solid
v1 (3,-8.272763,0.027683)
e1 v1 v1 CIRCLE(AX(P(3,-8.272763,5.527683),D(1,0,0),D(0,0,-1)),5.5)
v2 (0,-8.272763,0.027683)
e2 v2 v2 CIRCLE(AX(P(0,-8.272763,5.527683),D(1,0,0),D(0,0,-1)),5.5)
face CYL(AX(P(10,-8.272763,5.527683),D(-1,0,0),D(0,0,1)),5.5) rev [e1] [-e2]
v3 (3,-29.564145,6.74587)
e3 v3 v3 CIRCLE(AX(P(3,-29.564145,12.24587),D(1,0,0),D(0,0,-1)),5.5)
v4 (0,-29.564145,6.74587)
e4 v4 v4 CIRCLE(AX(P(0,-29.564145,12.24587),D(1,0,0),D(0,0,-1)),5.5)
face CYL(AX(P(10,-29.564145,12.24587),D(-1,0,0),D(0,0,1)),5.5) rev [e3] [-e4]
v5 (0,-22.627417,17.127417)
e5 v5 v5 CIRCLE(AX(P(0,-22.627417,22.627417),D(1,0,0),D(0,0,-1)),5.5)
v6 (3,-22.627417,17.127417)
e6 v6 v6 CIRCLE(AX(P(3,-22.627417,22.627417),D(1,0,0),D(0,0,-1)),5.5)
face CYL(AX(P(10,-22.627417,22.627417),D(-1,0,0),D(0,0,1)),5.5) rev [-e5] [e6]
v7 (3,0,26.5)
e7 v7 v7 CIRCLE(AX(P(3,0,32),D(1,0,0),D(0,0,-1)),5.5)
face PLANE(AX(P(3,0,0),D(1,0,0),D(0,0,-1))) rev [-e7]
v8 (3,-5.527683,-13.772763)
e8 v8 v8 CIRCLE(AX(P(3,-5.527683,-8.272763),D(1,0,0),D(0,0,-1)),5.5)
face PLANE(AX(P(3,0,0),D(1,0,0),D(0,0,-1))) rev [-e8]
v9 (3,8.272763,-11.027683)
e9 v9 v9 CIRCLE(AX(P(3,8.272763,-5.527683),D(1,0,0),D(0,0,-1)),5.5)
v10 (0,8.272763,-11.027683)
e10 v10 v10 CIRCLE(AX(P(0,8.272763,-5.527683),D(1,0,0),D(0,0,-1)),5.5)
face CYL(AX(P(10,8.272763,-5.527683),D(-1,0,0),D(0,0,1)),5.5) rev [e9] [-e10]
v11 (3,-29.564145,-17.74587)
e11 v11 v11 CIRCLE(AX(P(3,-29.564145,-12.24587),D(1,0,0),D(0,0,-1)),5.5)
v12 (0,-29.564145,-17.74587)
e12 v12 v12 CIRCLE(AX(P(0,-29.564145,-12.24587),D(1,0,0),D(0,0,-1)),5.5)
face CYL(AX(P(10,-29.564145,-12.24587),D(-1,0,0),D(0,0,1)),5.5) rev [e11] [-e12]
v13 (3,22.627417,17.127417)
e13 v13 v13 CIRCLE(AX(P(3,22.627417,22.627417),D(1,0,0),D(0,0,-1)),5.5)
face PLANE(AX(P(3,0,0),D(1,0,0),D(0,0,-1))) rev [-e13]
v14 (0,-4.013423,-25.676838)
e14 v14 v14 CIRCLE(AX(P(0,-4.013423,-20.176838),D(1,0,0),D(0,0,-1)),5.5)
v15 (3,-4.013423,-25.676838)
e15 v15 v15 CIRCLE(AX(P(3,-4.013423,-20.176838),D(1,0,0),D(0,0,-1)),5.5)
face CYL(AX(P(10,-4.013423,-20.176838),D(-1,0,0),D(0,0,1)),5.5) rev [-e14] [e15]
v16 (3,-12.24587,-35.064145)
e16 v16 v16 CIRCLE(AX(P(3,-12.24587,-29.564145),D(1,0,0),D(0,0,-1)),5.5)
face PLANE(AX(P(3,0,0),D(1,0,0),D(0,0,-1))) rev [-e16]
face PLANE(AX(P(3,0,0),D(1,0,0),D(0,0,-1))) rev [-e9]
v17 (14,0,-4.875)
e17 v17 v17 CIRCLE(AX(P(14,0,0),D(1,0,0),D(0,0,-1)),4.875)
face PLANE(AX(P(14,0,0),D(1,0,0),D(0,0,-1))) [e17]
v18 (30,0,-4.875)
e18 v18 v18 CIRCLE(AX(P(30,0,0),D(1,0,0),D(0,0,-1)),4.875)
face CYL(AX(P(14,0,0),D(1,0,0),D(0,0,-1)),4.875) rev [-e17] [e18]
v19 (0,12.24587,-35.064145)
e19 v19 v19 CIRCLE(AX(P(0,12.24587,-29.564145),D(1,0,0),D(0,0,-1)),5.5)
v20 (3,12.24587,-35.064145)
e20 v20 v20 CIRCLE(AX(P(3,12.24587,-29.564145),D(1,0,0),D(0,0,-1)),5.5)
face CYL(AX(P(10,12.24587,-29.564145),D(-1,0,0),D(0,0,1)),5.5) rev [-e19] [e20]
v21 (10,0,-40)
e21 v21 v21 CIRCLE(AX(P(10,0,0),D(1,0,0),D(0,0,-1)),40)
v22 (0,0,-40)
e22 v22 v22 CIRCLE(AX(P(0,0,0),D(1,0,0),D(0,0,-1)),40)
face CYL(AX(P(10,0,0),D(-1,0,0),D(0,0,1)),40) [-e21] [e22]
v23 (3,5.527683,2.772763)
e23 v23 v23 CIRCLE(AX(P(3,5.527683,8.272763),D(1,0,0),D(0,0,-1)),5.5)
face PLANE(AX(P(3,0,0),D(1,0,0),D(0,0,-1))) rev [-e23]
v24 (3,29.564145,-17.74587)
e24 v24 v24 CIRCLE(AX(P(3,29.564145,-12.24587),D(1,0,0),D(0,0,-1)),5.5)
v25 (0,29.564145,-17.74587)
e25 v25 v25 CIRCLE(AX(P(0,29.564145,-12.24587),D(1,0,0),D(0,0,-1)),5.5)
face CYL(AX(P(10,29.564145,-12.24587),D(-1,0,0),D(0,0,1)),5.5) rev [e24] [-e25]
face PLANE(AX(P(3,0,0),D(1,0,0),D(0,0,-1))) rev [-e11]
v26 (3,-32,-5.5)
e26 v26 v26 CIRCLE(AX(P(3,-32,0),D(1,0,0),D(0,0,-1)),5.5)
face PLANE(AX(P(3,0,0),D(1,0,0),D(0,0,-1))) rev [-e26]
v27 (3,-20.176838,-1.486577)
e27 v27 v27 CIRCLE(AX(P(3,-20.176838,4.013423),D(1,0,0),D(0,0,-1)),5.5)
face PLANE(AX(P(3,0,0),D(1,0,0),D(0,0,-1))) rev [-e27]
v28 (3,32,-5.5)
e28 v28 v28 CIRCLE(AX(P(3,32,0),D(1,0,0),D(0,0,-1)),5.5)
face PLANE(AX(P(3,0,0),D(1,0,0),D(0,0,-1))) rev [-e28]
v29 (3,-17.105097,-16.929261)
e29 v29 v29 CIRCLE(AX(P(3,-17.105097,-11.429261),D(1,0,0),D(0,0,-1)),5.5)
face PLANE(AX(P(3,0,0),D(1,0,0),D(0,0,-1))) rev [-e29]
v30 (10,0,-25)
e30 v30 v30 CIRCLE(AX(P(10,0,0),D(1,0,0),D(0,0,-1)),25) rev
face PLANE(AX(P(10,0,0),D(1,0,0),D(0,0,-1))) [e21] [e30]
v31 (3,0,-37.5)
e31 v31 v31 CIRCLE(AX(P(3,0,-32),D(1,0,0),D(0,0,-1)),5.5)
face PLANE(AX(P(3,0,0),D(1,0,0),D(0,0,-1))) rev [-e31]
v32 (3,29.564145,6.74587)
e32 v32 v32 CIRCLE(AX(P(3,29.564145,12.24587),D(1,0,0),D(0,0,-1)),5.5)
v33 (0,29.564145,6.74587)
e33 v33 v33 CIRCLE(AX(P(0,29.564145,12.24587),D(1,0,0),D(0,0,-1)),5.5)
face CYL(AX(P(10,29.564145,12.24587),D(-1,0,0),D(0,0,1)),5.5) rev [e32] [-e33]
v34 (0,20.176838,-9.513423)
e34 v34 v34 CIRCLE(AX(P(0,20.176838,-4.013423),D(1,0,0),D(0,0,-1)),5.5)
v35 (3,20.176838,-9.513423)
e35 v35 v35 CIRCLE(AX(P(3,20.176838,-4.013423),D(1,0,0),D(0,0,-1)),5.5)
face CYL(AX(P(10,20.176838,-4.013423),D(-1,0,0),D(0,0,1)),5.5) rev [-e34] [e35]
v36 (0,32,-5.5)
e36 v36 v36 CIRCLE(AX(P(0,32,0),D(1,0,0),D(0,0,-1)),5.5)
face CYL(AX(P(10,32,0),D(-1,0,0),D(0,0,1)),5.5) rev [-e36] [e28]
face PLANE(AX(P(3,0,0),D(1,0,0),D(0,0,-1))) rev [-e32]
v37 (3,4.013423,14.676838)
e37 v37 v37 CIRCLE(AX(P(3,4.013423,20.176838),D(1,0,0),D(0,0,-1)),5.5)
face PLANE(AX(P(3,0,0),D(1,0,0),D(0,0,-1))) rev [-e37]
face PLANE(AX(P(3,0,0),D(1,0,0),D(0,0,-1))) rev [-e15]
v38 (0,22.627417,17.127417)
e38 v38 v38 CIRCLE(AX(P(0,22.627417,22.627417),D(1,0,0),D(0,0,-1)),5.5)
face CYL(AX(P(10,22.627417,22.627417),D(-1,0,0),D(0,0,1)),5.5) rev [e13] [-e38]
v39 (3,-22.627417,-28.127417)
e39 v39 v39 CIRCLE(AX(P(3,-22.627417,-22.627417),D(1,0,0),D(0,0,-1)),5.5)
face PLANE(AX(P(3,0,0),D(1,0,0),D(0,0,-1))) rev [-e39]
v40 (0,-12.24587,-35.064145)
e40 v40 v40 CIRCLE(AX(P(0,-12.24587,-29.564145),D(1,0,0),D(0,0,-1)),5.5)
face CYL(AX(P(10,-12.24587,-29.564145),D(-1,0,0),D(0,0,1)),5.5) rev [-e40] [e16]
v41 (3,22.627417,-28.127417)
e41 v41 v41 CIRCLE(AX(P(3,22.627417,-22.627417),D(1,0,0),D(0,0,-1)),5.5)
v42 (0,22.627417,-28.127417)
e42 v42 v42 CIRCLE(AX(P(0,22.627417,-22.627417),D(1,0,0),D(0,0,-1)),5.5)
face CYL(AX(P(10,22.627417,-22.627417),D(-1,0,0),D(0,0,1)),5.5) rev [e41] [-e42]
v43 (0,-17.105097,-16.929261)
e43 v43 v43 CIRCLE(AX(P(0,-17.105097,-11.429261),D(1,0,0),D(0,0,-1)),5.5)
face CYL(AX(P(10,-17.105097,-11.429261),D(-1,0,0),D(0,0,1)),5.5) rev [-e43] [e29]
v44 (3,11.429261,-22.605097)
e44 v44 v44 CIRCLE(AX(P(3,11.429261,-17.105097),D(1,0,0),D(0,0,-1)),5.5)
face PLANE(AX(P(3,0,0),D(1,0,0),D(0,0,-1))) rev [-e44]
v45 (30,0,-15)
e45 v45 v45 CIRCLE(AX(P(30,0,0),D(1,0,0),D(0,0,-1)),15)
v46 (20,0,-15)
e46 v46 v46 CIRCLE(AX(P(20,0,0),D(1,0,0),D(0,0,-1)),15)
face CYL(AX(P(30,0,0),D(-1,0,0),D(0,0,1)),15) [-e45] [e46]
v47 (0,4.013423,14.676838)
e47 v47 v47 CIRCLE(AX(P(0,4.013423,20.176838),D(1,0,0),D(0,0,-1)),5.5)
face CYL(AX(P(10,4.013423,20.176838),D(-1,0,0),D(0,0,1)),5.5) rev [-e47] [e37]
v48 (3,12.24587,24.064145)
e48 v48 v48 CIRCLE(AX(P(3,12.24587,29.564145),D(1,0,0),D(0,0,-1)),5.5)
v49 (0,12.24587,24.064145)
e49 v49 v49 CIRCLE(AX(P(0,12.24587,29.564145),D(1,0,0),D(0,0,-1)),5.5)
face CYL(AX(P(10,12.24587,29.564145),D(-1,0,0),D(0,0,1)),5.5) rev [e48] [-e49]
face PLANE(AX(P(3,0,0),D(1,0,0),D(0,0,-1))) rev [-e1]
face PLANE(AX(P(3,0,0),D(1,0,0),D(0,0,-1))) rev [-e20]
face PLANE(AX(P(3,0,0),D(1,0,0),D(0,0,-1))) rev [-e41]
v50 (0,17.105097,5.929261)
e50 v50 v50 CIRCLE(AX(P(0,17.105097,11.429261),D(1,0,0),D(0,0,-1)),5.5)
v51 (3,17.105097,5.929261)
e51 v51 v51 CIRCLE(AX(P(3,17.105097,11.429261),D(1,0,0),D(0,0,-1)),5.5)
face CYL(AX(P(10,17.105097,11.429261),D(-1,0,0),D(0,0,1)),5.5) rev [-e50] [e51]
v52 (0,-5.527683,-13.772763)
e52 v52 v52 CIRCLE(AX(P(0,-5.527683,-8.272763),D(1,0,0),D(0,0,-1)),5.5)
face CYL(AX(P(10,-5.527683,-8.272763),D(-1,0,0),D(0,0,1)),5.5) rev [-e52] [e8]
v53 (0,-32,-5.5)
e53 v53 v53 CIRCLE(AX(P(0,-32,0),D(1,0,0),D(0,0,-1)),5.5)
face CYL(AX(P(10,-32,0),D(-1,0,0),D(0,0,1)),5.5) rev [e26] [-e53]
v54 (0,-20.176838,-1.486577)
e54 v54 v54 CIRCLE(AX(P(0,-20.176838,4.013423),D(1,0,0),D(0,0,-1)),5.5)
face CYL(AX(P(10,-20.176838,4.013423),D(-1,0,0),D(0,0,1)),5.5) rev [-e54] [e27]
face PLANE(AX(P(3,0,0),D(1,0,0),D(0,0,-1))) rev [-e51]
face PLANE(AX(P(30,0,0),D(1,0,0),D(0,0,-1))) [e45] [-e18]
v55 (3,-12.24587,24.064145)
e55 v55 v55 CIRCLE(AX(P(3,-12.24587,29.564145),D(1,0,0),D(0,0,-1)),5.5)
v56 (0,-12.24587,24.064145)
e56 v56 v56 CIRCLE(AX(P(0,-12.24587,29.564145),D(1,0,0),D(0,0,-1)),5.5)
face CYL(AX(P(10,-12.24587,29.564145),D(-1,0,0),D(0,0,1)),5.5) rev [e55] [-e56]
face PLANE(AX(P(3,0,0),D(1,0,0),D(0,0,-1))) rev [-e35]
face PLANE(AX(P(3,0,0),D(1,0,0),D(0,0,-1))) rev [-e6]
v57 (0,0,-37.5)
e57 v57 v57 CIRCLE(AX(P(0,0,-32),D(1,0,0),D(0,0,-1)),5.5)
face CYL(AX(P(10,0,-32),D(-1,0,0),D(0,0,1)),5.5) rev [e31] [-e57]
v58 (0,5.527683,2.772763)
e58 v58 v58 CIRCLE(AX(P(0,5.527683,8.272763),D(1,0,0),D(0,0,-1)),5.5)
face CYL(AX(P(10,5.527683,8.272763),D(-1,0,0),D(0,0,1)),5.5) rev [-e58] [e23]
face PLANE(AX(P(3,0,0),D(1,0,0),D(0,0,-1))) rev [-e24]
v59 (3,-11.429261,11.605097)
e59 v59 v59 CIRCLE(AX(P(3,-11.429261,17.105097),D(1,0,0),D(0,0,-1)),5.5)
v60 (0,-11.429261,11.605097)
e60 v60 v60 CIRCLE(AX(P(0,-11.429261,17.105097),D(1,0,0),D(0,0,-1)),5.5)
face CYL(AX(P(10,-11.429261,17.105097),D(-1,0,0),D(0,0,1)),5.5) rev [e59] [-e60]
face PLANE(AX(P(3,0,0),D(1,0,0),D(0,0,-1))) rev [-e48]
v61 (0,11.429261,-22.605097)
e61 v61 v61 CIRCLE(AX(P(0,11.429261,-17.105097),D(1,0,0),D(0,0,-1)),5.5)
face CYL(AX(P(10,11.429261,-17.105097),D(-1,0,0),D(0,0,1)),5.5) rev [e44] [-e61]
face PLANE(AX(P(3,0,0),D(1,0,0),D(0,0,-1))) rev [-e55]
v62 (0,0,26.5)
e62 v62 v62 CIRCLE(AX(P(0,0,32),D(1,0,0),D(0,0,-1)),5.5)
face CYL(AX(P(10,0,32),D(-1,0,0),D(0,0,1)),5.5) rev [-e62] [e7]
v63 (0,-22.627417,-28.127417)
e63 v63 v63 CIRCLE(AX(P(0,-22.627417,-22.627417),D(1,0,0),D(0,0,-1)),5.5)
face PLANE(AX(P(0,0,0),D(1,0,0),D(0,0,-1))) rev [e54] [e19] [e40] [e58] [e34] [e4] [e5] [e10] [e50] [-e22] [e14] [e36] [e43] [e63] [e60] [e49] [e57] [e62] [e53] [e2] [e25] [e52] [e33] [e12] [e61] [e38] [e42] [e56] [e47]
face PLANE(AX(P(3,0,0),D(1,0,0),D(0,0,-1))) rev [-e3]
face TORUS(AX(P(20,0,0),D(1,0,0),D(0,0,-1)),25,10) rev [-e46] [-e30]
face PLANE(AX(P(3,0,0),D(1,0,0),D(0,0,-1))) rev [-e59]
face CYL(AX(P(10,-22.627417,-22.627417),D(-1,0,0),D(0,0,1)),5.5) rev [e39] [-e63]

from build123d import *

# Parameters (mm, degrees)
ESQUISSE1_R             = 40
ESQUISSE1_R_2           = 5.5
BOSS_EXTRU_1_DEPTH      = 10
BOSS_EXTRU_2_START      = -7
ESQUISSE2_R             = 40
BOSS_EXTRU_2_DEPTH      = 7
ESQUISSE3_R             = 15
BOSS_EXTRU_3_DEPTH      = 20
CONG_1_R                = 10
ESQUISSE4_R             = 4.875
ENL_V_MAT_EXTRU_1_DEPTH = 16


with BuildPart() as part:
    # Esquisse1 → Boss.-Extru.1 (new body)
    with BuildSketch(Plane.YZ):
        with Locations(Location((0, 0, 0), (0, 0, 270))):
            Circle(ESQUISSE1_R)
        with Locations(Location((0, 32, 0), (0, 0, 270))):
            Circle(ESQUISSE1_R_2, mode=Mode.SUBTRACT)
        with Locations(Location((12.245869836, 29.56414504, 0), (0, 0, 270))):
            Circle(ESQUISSE1_R_2, mode=Mode.SUBTRACT)
        with Locations(Location((22.627416998, 22.627416998, 0), (0, 0, 270))):
            Circle(ESQUISSE1_R_2, mode=Mode.SUBTRACT)
        with Locations(Location((29.56414504, 12.245869836, 0), (0, 0, 270))):
            Circle(ESQUISSE1_R_2, mode=Mode.SUBTRACT)
        with Locations(Location((32, 0, 0), (0, 0, 270))):
            Circle(ESQUISSE1_R_2, mode=Mode.SUBTRACT)
        with Locations(Location((29.56414504, -12.245869836, 0), (0, 0, 270))):
            Circle(ESQUISSE1_R_2, mode=Mode.SUBTRACT)
        with Locations(Location((22.627416998, -22.627416998, 0), (0, 0, 270))):
            Circle(ESQUISSE1_R_2, mode=Mode.SUBTRACT)
        with Locations(Location((12.245869836, -29.56414504, 0), (0, 0, 270))):
            Circle(ESQUISSE1_R_2, mode=Mode.SUBTRACT)
        with Locations(Location((0, -32, 0), (0, 0, 270))):
            Circle(ESQUISSE1_R_2, mode=Mode.SUBTRACT)
        with Locations(Location((-12.245869836, -29.56414504, 0), (0, 0, 270))):
            Circle(ESQUISSE1_R_2, mode=Mode.SUBTRACT)
        with Locations(Location((-22.627416998, -22.627416998, 0), (0, 0, 270))):
            Circle(ESQUISSE1_R_2, mode=Mode.SUBTRACT)
        with Locations(Location((-29.56414504, -12.245869836, 0), (0, 0, 270))):
            Circle(ESQUISSE1_R_2, mode=Mode.SUBTRACT)
        with Locations(Location((-32, 0, 0), (0, 0, 270))):
            Circle(ESQUISSE1_R_2, mode=Mode.SUBTRACT)
        with Locations(Location((-29.56414504, 12.245869836, 0), (0, 0, 270))):
            Circle(ESQUISSE1_R_2, mode=Mode.SUBTRACT)
        with Locations(Location((-22.627416998, 22.627416998, 0), (0, 0, 270))):
            Circle(ESQUISSE1_R_2, mode=Mode.SUBTRACT)
        with Locations(Location((-12.245869836, 29.56414504, 0), (0, 0, 270))):
            Circle(ESQUISSE1_R_2, mode=Mode.SUBTRACT)
        with Locations(Location((-11.429260712, 17.105097445, 0), (0, 0, 270))):
            Circle(ESQUISSE1_R_2, mode=Mode.SUBTRACT)
        with Locations(Location((4.013422643, 20.17683815, 0), (0, 0, 270))):
            Circle(ESQUISSE1_R_2, mode=Mode.SUBTRACT)
        with Locations(Location((17.105097445, 11.429260712, 0), (0, 0, 270))):
            Circle(ESQUISSE1_R_2, mode=Mode.SUBTRACT)
        with Locations(Location((20.17683815, -4.013422643, 0), (0, 0, 270))):
            Circle(ESQUISSE1_R_2, mode=Mode.SUBTRACT)
        with Locations(Location((11.429260712, -17.105097445, 0), (0, 0, 270))):
            Circle(ESQUISSE1_R_2, mode=Mode.SUBTRACT)
        with Locations(Location((-4.013422643, -20.17683815, 0), (0, 0, 270))):
            Circle(ESQUISSE1_R_2, mode=Mode.SUBTRACT)
        with Locations(Location((-17.105097445, -11.429260712, 0), (0, 0, 270))):
            Circle(ESQUISSE1_R_2, mode=Mode.SUBTRACT)
        with Locations(Location((-20.17683815, 4.013422643, 0), (0, 0, 270))):
            Circle(ESQUISSE1_R_2, mode=Mode.SUBTRACT)
        with Locations(Location((5.527683242, 8.272762594, 0), (0, 0, 270))):
            Circle(ESQUISSE1_R_2, mode=Mode.SUBTRACT)
        with Locations(Location((8.272762594, -5.527683242, 0), (0, 0, 270))):
            Circle(ESQUISSE1_R_2, mode=Mode.SUBTRACT)
        with Locations(Location((-5.527683242, -8.272762594, 0), (0, 0, 270))):
            Circle(ESQUISSE1_R_2, mode=Mode.SUBTRACT)
        with Locations(Location((-8.272762594, 5.527683242, 0), (0, 0, 270))):
            Circle(ESQUISSE1_R_2, mode=Mode.SUBTRACT)
    extrude(amount=BOSS_EXTRU_1_DEPTH)

    # Esquisse2 → Boss.-Extru.2 (add)
    with BuildSketch(Plane.YZ.offset(10).offset(BOSS_EXTRU_2_START)):
        with Locations(Location((0, 0, 0), (0, 0, 270))):
            Circle(ESQUISSE2_R)
    extrude(amount=BOSS_EXTRU_2_DEPTH)

    # Esquisse3 → Boss.-Extru.3 (add)
    with BuildSketch(Plane.YZ.offset(10)):
        with Locations(Location((0, 0, 0), (0, 0, 270))):
            Circle(ESQUISSE3_R)
    extrude(amount=BOSS_EXTRU_3_DEPTH)

    # Congé1
    cong_1_edges = [part.edges().sort_by_distance(p)[0] for p in [
        (10, 0, 15),
    ]]
    fillet(cong_1_edges, radius=CONG_1_R)

    # Esquisse4 → Enlèv. mat.-Extru.1 (cut)
    with BuildSketch(Plane.YZ.offset(30)):
        with Locations(Location((0, 0, 0), (0, 0, 270))):
            Circle(ESQUISSE4_R)
    extrude(amount=-ENL_V_MAT_EXTRU_1_DEPTH, mode=Mode.SUBTRACT)


solid = part.part
